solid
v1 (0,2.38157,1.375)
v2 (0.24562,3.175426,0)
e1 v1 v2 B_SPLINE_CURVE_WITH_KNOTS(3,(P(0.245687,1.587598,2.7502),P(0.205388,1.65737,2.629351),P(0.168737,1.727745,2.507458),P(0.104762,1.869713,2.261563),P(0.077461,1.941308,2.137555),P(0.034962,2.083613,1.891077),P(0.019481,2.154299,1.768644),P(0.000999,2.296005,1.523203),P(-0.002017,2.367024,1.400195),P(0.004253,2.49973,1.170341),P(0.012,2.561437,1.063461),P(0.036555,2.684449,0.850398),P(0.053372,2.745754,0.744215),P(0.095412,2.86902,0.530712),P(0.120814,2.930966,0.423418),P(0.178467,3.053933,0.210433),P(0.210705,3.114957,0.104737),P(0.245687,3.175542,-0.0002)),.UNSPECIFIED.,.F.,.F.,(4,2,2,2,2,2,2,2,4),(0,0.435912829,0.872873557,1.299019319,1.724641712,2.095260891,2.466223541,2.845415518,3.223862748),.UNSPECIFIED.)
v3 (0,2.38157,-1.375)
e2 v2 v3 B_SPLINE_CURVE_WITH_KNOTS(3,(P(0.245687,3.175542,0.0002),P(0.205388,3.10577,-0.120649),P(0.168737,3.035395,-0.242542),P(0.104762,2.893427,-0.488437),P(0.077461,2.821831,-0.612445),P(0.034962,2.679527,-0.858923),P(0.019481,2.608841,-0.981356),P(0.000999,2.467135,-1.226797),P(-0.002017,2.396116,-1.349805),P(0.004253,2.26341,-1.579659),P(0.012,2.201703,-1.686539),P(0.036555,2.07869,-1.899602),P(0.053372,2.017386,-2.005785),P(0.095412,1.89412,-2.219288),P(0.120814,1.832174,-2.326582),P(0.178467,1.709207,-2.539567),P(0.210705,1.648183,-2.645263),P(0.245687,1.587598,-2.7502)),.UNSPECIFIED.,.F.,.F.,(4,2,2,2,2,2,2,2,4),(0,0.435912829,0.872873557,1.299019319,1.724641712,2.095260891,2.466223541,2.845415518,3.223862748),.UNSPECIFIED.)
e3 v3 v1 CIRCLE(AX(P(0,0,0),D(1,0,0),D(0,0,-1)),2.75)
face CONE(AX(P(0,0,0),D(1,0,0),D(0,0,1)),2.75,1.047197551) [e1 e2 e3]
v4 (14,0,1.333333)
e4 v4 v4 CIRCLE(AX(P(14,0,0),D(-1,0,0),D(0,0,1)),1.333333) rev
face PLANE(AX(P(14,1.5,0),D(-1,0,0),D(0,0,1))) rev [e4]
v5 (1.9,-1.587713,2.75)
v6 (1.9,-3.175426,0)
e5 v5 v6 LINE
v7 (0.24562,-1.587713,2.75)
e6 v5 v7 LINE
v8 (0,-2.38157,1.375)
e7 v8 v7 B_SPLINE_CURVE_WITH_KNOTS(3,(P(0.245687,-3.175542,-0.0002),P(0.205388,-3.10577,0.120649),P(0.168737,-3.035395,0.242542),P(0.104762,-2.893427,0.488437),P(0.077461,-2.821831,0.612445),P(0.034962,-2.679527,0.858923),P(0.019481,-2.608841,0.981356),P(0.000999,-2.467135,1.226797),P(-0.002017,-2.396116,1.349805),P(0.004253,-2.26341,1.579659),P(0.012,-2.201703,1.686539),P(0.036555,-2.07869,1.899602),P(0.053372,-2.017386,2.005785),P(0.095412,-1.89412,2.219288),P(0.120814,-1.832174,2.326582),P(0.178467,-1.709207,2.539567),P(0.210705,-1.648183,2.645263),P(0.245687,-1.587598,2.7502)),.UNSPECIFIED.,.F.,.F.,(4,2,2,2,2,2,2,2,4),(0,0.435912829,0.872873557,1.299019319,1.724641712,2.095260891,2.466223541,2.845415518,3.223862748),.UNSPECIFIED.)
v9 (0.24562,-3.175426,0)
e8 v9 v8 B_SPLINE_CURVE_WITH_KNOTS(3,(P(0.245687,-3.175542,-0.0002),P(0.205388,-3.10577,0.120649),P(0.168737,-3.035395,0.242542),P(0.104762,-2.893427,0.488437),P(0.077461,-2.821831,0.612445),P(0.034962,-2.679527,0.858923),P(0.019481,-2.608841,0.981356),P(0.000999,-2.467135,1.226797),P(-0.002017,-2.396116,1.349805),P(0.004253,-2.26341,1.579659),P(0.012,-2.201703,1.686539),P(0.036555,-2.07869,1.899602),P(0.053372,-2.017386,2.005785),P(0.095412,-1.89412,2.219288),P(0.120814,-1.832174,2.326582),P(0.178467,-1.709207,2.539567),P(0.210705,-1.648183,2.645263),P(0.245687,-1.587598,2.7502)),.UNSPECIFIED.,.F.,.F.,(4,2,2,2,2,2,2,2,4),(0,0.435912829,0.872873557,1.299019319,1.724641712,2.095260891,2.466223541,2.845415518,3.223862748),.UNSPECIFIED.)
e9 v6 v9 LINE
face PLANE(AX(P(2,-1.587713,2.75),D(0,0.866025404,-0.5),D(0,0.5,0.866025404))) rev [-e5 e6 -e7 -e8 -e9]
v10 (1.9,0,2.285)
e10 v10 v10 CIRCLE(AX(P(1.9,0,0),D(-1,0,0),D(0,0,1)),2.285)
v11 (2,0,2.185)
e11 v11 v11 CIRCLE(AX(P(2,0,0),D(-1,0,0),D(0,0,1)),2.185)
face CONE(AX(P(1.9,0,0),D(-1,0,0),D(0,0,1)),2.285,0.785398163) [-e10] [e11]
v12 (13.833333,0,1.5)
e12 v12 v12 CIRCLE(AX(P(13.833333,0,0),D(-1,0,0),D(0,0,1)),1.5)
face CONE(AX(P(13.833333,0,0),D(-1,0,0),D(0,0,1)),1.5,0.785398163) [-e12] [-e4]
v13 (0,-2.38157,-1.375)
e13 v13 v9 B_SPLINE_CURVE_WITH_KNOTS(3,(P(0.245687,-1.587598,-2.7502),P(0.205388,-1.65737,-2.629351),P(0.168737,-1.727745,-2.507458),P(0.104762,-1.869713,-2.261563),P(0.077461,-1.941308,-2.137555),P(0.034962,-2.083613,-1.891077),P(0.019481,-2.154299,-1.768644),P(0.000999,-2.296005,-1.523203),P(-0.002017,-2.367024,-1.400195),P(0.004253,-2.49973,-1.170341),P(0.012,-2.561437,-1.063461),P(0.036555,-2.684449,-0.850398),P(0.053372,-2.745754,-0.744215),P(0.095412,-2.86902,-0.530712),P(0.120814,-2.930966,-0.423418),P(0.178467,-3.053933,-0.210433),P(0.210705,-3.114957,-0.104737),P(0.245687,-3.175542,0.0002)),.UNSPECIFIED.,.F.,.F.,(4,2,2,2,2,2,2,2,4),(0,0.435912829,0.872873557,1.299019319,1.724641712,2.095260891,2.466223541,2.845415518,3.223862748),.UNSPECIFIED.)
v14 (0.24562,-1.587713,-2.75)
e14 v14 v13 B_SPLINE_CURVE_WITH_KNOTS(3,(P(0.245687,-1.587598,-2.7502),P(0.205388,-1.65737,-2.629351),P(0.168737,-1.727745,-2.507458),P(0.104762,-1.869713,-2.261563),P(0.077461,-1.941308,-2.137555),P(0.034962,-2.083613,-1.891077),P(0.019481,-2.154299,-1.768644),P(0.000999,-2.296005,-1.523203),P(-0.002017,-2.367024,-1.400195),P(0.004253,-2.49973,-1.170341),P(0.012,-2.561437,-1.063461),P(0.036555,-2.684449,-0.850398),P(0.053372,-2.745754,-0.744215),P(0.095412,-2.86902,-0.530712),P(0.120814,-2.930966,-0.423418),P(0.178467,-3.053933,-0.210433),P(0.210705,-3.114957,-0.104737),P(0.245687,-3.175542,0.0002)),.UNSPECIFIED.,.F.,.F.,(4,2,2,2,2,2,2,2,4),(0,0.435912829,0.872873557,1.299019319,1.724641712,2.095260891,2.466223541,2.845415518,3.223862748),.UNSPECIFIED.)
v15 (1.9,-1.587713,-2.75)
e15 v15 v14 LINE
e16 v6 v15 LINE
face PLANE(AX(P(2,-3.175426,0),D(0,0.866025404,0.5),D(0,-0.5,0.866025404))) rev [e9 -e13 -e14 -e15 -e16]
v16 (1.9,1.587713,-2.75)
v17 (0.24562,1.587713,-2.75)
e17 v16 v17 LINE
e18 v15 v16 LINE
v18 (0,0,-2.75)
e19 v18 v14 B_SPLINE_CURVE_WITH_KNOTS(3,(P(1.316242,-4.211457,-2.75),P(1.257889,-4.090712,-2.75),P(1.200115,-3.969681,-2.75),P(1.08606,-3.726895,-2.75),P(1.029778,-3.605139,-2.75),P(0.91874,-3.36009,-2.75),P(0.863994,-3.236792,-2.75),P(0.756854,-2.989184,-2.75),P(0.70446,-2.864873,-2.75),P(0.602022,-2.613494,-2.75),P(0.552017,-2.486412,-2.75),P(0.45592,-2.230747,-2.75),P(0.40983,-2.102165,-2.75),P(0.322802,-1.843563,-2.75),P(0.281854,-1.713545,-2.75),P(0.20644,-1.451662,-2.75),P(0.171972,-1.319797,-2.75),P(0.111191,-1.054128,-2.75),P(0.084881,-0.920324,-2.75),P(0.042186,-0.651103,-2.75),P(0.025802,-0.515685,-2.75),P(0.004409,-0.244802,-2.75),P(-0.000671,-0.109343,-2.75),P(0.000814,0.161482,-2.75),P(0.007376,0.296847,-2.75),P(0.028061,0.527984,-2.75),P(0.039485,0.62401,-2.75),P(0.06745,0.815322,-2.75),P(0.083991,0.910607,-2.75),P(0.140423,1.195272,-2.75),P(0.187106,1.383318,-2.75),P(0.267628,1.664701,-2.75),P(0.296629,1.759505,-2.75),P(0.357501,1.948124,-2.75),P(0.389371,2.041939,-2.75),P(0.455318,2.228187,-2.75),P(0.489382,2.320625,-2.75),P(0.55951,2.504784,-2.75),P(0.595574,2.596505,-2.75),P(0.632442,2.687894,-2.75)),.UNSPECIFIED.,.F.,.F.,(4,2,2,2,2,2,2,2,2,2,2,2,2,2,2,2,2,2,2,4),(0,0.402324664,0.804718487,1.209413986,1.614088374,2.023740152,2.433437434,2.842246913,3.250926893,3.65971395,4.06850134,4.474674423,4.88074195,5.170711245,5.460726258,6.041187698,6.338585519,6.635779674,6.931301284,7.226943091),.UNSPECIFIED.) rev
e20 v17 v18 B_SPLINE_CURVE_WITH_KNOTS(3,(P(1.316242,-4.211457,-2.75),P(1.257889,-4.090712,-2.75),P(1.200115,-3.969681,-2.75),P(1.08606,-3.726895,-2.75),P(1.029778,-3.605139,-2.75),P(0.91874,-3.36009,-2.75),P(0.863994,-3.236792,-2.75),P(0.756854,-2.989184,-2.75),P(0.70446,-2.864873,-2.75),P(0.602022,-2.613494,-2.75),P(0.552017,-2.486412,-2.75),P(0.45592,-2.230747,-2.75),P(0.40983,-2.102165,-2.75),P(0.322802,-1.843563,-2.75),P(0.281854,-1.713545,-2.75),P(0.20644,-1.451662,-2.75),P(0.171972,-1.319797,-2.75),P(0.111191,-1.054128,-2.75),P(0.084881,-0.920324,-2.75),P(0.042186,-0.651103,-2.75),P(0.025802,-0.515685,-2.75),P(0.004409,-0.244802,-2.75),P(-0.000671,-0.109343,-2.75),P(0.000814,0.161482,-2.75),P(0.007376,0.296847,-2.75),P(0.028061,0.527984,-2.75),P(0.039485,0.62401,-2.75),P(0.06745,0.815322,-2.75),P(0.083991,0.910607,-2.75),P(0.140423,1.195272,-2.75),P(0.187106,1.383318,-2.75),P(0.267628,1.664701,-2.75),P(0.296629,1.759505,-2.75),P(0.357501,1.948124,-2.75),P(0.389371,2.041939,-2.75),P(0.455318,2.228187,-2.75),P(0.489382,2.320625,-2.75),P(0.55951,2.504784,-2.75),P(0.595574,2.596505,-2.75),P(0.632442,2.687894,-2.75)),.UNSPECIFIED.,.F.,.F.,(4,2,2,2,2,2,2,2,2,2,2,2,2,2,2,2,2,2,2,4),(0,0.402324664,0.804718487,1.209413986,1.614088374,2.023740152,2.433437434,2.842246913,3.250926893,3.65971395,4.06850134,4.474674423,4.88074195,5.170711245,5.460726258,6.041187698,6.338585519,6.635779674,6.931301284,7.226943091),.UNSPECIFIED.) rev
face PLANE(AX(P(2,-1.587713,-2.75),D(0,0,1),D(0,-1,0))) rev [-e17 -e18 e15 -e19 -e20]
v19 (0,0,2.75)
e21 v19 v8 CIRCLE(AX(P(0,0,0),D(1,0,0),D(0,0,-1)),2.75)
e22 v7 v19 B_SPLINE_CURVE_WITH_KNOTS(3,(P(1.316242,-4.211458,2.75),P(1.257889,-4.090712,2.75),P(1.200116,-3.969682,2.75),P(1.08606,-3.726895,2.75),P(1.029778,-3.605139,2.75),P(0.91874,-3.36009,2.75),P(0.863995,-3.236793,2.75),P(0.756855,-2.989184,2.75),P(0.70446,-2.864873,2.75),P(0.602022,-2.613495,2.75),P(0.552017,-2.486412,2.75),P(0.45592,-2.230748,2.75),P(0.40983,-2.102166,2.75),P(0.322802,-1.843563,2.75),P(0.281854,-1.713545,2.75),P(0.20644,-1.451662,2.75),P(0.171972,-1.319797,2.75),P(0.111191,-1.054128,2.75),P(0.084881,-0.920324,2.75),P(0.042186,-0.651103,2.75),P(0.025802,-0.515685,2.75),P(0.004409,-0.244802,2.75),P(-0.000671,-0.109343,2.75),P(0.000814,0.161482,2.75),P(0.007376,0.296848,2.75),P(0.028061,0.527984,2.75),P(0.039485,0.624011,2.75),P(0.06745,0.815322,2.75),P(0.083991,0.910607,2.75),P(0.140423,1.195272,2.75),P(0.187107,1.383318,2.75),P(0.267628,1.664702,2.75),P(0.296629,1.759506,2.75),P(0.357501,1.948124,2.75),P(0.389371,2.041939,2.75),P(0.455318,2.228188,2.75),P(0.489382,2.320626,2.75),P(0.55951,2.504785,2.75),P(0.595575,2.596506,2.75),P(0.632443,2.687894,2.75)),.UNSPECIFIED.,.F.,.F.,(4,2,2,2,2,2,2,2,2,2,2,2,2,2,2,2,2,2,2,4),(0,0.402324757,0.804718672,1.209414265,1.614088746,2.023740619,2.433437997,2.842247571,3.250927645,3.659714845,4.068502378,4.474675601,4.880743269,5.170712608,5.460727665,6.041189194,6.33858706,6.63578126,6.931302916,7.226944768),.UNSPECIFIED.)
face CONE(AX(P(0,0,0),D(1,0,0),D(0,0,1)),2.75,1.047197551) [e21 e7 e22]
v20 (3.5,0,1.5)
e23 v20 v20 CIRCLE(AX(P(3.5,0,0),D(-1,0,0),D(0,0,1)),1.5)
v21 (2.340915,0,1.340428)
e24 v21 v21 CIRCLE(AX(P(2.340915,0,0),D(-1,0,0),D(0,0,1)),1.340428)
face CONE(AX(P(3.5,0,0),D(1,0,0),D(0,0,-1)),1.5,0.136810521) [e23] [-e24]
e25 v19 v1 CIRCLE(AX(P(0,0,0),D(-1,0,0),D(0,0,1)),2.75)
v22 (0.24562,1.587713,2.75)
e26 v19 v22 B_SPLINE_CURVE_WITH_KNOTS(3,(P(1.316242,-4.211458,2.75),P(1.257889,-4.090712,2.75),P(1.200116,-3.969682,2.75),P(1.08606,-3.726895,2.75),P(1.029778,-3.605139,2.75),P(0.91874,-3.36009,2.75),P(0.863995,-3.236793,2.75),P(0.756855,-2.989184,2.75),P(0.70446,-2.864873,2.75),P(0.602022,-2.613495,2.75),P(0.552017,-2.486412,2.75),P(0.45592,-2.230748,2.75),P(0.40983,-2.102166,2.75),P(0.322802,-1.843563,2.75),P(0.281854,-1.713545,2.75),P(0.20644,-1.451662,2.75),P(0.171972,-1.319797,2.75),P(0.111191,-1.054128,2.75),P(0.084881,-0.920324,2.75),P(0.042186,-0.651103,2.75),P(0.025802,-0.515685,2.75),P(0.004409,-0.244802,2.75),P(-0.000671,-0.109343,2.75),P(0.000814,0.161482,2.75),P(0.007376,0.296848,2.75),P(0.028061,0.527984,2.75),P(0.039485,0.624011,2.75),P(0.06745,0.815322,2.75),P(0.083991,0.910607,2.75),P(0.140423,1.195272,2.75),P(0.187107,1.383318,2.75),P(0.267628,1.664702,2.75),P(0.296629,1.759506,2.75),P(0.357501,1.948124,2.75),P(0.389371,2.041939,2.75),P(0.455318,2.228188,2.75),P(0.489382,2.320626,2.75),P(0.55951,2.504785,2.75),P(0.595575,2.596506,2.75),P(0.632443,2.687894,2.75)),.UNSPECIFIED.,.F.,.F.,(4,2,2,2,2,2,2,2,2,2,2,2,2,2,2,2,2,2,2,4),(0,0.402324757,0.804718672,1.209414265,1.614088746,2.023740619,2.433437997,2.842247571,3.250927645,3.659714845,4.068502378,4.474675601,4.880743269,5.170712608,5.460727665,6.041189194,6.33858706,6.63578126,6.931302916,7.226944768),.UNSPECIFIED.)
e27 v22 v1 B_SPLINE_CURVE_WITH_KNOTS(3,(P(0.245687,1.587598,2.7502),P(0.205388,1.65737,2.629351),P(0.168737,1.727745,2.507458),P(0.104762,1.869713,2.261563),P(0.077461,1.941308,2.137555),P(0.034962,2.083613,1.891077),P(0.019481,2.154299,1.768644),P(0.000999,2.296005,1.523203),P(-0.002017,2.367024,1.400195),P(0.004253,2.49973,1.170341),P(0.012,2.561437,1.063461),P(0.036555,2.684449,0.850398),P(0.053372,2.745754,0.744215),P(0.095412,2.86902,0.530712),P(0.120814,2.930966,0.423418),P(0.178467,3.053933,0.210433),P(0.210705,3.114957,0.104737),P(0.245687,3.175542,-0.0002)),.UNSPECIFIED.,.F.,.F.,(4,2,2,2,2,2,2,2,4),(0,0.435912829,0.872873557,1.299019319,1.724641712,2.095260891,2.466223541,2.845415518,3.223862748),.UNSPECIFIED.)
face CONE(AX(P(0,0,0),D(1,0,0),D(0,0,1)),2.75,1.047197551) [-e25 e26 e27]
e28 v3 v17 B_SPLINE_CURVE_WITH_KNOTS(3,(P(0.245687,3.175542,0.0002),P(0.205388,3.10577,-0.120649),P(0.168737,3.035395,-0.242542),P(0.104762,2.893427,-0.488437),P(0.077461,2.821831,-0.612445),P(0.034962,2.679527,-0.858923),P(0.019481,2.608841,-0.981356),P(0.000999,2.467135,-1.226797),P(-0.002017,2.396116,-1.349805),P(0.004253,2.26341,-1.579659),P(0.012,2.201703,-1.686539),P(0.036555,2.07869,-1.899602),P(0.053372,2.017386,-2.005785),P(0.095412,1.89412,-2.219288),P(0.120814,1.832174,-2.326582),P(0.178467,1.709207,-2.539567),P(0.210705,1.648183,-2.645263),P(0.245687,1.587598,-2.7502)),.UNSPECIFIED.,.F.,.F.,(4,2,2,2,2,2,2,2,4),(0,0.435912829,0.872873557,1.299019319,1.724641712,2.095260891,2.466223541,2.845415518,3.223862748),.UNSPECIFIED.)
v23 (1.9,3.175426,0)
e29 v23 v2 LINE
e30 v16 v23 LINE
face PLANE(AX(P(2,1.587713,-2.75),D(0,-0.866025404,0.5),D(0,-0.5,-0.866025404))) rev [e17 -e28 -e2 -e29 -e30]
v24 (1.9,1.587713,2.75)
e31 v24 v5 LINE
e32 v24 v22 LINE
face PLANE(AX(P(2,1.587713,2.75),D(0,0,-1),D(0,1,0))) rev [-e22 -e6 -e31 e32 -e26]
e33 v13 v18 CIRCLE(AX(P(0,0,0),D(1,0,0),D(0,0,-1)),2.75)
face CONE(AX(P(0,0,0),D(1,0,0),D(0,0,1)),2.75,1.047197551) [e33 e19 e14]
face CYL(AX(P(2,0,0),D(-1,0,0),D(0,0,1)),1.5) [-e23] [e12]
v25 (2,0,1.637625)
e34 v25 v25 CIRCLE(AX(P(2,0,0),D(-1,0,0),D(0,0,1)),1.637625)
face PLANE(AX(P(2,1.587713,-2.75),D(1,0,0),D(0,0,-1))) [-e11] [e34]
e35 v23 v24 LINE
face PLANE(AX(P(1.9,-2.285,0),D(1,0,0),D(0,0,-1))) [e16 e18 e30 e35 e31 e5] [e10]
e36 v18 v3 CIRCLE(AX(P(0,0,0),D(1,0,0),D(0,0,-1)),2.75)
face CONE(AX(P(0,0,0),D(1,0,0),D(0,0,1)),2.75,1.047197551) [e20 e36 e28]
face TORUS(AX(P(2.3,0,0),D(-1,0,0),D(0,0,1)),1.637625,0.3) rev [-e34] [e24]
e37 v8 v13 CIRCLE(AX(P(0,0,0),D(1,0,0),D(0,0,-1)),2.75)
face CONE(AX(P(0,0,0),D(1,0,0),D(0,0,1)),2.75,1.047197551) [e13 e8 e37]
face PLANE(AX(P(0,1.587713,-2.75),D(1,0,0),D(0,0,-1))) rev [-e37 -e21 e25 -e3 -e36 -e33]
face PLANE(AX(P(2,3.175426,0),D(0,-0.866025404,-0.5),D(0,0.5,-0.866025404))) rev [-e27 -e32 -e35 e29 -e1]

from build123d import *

# Parameters (mm, degrees)
EXTRUDE_1_DEPTH     = 2
SKETCH_4_R          = 6.01
SKETCH_4_R_2        = 2.75
CUT_EXTRUDE_1_DEPTH = 0.25
CUT_EXTRUDE_1_DRAFT = -60
CHAMFER_1_SIZE      = 0.166666667


with BuildPart() as part:
    # 草图3 → 凸台-拉伸1 (new body)
    with BuildSketch(Plane(origin=(0, 0, 0), x_dir=(0, 0, -1), z_dir=(1, 0, 0))):
        Polygon((2.75, 1.58771324), (0, 3.175426481), (-2.75, 1.58771324), (-2.75, -1.58771324), (0, -3.175426481), (2.75, -1.58771324), align=None)
    extrude(amount=EXTRUDE_1_DEPTH)


with BuildPart() as cut_extrude_1_tool:
    # 草图4 → 切除-拉伸1 (with draft: the straight prism first)
    with BuildSketch(Plane.ZY):
        Circle(SKETCH_4_R)
        Circle(SKETCH_4_R_2, mode=Mode.SUBTRACT)
    extrude(amount=-CUT_EXTRUDE_1_DEPTH)
    # 切除-拉伸1: the draft: its side faces are tilted about the plane it starts from
    cut_extrude_1_sides = [cut_extrude_1_tool.faces().sort_by_distance(p)[0] for p in [
        (0.125, 0, -6.01),
        (0.125, 0, -2.75),
    ]]
    draft(cut_extrude_1_sides, Plane.ZY, CUT_EXTRUDE_1_DRAFT)


with BuildPart() as part_1:
    add(part.part)

    # 切除-拉伸1: cut by cut_extrude_1_tool
    add(cut_extrude_1_tool.part, mode=Mode.SUBTRACT)

    # 草图6 → 旋转2 (revolve)
    with BuildSketch(Plane.XY, mode=Mode.PRIVATE) as revolve_2_sk:
        with BuildLine():
            Line((3.5, 1.5), (14, 1.5))
            Line((14, 1.5), (14, 0))
            Line((14, 0), (2, 0))
            Line((2, 0), (2, 1.637625))
            ThreePointArc((2, 1.637625), (2.102863718, 1.411489452), (2.340915241, 1.340428191))
            Line((2.340915241, 1.340428191), (3.5, 1.5))
        make_face()
    revolve(revolve_2_sk.sketch.rotate(Axis((2, 0, 0), (1, 0, 0)), 90), axis=Axis((2, 0, 0), (1, 0, 0)))

    # 倒角1
    chamfer_1_edges = [part_1.edges().sort_by_distance(p)[0] for p in [
        (14, 0, -1.5),
    ]]
    chamfer(chamfer_1_edges, length=CHAMFER_1_SIZE)

    # 草图8 → 切除-旋转2 (revolve, cut)
    with BuildSketch(Plane.XY, mode=Mode.PRIVATE) as cut_revolve_2_sk:
        Polygon((2, 2.185), (1.9, 2.285), (1.9, 6.01), (2, 6.01), align=None)
    revolve(cut_revolve_2_sk.sketch.rotate(Axis((0, 0, 0), (1, 0, 0)), 90), axis=Axis((0, 0, 0), (1, 0, 0)), mode=Mode.SUBTRACT)


solid = part_1.part
